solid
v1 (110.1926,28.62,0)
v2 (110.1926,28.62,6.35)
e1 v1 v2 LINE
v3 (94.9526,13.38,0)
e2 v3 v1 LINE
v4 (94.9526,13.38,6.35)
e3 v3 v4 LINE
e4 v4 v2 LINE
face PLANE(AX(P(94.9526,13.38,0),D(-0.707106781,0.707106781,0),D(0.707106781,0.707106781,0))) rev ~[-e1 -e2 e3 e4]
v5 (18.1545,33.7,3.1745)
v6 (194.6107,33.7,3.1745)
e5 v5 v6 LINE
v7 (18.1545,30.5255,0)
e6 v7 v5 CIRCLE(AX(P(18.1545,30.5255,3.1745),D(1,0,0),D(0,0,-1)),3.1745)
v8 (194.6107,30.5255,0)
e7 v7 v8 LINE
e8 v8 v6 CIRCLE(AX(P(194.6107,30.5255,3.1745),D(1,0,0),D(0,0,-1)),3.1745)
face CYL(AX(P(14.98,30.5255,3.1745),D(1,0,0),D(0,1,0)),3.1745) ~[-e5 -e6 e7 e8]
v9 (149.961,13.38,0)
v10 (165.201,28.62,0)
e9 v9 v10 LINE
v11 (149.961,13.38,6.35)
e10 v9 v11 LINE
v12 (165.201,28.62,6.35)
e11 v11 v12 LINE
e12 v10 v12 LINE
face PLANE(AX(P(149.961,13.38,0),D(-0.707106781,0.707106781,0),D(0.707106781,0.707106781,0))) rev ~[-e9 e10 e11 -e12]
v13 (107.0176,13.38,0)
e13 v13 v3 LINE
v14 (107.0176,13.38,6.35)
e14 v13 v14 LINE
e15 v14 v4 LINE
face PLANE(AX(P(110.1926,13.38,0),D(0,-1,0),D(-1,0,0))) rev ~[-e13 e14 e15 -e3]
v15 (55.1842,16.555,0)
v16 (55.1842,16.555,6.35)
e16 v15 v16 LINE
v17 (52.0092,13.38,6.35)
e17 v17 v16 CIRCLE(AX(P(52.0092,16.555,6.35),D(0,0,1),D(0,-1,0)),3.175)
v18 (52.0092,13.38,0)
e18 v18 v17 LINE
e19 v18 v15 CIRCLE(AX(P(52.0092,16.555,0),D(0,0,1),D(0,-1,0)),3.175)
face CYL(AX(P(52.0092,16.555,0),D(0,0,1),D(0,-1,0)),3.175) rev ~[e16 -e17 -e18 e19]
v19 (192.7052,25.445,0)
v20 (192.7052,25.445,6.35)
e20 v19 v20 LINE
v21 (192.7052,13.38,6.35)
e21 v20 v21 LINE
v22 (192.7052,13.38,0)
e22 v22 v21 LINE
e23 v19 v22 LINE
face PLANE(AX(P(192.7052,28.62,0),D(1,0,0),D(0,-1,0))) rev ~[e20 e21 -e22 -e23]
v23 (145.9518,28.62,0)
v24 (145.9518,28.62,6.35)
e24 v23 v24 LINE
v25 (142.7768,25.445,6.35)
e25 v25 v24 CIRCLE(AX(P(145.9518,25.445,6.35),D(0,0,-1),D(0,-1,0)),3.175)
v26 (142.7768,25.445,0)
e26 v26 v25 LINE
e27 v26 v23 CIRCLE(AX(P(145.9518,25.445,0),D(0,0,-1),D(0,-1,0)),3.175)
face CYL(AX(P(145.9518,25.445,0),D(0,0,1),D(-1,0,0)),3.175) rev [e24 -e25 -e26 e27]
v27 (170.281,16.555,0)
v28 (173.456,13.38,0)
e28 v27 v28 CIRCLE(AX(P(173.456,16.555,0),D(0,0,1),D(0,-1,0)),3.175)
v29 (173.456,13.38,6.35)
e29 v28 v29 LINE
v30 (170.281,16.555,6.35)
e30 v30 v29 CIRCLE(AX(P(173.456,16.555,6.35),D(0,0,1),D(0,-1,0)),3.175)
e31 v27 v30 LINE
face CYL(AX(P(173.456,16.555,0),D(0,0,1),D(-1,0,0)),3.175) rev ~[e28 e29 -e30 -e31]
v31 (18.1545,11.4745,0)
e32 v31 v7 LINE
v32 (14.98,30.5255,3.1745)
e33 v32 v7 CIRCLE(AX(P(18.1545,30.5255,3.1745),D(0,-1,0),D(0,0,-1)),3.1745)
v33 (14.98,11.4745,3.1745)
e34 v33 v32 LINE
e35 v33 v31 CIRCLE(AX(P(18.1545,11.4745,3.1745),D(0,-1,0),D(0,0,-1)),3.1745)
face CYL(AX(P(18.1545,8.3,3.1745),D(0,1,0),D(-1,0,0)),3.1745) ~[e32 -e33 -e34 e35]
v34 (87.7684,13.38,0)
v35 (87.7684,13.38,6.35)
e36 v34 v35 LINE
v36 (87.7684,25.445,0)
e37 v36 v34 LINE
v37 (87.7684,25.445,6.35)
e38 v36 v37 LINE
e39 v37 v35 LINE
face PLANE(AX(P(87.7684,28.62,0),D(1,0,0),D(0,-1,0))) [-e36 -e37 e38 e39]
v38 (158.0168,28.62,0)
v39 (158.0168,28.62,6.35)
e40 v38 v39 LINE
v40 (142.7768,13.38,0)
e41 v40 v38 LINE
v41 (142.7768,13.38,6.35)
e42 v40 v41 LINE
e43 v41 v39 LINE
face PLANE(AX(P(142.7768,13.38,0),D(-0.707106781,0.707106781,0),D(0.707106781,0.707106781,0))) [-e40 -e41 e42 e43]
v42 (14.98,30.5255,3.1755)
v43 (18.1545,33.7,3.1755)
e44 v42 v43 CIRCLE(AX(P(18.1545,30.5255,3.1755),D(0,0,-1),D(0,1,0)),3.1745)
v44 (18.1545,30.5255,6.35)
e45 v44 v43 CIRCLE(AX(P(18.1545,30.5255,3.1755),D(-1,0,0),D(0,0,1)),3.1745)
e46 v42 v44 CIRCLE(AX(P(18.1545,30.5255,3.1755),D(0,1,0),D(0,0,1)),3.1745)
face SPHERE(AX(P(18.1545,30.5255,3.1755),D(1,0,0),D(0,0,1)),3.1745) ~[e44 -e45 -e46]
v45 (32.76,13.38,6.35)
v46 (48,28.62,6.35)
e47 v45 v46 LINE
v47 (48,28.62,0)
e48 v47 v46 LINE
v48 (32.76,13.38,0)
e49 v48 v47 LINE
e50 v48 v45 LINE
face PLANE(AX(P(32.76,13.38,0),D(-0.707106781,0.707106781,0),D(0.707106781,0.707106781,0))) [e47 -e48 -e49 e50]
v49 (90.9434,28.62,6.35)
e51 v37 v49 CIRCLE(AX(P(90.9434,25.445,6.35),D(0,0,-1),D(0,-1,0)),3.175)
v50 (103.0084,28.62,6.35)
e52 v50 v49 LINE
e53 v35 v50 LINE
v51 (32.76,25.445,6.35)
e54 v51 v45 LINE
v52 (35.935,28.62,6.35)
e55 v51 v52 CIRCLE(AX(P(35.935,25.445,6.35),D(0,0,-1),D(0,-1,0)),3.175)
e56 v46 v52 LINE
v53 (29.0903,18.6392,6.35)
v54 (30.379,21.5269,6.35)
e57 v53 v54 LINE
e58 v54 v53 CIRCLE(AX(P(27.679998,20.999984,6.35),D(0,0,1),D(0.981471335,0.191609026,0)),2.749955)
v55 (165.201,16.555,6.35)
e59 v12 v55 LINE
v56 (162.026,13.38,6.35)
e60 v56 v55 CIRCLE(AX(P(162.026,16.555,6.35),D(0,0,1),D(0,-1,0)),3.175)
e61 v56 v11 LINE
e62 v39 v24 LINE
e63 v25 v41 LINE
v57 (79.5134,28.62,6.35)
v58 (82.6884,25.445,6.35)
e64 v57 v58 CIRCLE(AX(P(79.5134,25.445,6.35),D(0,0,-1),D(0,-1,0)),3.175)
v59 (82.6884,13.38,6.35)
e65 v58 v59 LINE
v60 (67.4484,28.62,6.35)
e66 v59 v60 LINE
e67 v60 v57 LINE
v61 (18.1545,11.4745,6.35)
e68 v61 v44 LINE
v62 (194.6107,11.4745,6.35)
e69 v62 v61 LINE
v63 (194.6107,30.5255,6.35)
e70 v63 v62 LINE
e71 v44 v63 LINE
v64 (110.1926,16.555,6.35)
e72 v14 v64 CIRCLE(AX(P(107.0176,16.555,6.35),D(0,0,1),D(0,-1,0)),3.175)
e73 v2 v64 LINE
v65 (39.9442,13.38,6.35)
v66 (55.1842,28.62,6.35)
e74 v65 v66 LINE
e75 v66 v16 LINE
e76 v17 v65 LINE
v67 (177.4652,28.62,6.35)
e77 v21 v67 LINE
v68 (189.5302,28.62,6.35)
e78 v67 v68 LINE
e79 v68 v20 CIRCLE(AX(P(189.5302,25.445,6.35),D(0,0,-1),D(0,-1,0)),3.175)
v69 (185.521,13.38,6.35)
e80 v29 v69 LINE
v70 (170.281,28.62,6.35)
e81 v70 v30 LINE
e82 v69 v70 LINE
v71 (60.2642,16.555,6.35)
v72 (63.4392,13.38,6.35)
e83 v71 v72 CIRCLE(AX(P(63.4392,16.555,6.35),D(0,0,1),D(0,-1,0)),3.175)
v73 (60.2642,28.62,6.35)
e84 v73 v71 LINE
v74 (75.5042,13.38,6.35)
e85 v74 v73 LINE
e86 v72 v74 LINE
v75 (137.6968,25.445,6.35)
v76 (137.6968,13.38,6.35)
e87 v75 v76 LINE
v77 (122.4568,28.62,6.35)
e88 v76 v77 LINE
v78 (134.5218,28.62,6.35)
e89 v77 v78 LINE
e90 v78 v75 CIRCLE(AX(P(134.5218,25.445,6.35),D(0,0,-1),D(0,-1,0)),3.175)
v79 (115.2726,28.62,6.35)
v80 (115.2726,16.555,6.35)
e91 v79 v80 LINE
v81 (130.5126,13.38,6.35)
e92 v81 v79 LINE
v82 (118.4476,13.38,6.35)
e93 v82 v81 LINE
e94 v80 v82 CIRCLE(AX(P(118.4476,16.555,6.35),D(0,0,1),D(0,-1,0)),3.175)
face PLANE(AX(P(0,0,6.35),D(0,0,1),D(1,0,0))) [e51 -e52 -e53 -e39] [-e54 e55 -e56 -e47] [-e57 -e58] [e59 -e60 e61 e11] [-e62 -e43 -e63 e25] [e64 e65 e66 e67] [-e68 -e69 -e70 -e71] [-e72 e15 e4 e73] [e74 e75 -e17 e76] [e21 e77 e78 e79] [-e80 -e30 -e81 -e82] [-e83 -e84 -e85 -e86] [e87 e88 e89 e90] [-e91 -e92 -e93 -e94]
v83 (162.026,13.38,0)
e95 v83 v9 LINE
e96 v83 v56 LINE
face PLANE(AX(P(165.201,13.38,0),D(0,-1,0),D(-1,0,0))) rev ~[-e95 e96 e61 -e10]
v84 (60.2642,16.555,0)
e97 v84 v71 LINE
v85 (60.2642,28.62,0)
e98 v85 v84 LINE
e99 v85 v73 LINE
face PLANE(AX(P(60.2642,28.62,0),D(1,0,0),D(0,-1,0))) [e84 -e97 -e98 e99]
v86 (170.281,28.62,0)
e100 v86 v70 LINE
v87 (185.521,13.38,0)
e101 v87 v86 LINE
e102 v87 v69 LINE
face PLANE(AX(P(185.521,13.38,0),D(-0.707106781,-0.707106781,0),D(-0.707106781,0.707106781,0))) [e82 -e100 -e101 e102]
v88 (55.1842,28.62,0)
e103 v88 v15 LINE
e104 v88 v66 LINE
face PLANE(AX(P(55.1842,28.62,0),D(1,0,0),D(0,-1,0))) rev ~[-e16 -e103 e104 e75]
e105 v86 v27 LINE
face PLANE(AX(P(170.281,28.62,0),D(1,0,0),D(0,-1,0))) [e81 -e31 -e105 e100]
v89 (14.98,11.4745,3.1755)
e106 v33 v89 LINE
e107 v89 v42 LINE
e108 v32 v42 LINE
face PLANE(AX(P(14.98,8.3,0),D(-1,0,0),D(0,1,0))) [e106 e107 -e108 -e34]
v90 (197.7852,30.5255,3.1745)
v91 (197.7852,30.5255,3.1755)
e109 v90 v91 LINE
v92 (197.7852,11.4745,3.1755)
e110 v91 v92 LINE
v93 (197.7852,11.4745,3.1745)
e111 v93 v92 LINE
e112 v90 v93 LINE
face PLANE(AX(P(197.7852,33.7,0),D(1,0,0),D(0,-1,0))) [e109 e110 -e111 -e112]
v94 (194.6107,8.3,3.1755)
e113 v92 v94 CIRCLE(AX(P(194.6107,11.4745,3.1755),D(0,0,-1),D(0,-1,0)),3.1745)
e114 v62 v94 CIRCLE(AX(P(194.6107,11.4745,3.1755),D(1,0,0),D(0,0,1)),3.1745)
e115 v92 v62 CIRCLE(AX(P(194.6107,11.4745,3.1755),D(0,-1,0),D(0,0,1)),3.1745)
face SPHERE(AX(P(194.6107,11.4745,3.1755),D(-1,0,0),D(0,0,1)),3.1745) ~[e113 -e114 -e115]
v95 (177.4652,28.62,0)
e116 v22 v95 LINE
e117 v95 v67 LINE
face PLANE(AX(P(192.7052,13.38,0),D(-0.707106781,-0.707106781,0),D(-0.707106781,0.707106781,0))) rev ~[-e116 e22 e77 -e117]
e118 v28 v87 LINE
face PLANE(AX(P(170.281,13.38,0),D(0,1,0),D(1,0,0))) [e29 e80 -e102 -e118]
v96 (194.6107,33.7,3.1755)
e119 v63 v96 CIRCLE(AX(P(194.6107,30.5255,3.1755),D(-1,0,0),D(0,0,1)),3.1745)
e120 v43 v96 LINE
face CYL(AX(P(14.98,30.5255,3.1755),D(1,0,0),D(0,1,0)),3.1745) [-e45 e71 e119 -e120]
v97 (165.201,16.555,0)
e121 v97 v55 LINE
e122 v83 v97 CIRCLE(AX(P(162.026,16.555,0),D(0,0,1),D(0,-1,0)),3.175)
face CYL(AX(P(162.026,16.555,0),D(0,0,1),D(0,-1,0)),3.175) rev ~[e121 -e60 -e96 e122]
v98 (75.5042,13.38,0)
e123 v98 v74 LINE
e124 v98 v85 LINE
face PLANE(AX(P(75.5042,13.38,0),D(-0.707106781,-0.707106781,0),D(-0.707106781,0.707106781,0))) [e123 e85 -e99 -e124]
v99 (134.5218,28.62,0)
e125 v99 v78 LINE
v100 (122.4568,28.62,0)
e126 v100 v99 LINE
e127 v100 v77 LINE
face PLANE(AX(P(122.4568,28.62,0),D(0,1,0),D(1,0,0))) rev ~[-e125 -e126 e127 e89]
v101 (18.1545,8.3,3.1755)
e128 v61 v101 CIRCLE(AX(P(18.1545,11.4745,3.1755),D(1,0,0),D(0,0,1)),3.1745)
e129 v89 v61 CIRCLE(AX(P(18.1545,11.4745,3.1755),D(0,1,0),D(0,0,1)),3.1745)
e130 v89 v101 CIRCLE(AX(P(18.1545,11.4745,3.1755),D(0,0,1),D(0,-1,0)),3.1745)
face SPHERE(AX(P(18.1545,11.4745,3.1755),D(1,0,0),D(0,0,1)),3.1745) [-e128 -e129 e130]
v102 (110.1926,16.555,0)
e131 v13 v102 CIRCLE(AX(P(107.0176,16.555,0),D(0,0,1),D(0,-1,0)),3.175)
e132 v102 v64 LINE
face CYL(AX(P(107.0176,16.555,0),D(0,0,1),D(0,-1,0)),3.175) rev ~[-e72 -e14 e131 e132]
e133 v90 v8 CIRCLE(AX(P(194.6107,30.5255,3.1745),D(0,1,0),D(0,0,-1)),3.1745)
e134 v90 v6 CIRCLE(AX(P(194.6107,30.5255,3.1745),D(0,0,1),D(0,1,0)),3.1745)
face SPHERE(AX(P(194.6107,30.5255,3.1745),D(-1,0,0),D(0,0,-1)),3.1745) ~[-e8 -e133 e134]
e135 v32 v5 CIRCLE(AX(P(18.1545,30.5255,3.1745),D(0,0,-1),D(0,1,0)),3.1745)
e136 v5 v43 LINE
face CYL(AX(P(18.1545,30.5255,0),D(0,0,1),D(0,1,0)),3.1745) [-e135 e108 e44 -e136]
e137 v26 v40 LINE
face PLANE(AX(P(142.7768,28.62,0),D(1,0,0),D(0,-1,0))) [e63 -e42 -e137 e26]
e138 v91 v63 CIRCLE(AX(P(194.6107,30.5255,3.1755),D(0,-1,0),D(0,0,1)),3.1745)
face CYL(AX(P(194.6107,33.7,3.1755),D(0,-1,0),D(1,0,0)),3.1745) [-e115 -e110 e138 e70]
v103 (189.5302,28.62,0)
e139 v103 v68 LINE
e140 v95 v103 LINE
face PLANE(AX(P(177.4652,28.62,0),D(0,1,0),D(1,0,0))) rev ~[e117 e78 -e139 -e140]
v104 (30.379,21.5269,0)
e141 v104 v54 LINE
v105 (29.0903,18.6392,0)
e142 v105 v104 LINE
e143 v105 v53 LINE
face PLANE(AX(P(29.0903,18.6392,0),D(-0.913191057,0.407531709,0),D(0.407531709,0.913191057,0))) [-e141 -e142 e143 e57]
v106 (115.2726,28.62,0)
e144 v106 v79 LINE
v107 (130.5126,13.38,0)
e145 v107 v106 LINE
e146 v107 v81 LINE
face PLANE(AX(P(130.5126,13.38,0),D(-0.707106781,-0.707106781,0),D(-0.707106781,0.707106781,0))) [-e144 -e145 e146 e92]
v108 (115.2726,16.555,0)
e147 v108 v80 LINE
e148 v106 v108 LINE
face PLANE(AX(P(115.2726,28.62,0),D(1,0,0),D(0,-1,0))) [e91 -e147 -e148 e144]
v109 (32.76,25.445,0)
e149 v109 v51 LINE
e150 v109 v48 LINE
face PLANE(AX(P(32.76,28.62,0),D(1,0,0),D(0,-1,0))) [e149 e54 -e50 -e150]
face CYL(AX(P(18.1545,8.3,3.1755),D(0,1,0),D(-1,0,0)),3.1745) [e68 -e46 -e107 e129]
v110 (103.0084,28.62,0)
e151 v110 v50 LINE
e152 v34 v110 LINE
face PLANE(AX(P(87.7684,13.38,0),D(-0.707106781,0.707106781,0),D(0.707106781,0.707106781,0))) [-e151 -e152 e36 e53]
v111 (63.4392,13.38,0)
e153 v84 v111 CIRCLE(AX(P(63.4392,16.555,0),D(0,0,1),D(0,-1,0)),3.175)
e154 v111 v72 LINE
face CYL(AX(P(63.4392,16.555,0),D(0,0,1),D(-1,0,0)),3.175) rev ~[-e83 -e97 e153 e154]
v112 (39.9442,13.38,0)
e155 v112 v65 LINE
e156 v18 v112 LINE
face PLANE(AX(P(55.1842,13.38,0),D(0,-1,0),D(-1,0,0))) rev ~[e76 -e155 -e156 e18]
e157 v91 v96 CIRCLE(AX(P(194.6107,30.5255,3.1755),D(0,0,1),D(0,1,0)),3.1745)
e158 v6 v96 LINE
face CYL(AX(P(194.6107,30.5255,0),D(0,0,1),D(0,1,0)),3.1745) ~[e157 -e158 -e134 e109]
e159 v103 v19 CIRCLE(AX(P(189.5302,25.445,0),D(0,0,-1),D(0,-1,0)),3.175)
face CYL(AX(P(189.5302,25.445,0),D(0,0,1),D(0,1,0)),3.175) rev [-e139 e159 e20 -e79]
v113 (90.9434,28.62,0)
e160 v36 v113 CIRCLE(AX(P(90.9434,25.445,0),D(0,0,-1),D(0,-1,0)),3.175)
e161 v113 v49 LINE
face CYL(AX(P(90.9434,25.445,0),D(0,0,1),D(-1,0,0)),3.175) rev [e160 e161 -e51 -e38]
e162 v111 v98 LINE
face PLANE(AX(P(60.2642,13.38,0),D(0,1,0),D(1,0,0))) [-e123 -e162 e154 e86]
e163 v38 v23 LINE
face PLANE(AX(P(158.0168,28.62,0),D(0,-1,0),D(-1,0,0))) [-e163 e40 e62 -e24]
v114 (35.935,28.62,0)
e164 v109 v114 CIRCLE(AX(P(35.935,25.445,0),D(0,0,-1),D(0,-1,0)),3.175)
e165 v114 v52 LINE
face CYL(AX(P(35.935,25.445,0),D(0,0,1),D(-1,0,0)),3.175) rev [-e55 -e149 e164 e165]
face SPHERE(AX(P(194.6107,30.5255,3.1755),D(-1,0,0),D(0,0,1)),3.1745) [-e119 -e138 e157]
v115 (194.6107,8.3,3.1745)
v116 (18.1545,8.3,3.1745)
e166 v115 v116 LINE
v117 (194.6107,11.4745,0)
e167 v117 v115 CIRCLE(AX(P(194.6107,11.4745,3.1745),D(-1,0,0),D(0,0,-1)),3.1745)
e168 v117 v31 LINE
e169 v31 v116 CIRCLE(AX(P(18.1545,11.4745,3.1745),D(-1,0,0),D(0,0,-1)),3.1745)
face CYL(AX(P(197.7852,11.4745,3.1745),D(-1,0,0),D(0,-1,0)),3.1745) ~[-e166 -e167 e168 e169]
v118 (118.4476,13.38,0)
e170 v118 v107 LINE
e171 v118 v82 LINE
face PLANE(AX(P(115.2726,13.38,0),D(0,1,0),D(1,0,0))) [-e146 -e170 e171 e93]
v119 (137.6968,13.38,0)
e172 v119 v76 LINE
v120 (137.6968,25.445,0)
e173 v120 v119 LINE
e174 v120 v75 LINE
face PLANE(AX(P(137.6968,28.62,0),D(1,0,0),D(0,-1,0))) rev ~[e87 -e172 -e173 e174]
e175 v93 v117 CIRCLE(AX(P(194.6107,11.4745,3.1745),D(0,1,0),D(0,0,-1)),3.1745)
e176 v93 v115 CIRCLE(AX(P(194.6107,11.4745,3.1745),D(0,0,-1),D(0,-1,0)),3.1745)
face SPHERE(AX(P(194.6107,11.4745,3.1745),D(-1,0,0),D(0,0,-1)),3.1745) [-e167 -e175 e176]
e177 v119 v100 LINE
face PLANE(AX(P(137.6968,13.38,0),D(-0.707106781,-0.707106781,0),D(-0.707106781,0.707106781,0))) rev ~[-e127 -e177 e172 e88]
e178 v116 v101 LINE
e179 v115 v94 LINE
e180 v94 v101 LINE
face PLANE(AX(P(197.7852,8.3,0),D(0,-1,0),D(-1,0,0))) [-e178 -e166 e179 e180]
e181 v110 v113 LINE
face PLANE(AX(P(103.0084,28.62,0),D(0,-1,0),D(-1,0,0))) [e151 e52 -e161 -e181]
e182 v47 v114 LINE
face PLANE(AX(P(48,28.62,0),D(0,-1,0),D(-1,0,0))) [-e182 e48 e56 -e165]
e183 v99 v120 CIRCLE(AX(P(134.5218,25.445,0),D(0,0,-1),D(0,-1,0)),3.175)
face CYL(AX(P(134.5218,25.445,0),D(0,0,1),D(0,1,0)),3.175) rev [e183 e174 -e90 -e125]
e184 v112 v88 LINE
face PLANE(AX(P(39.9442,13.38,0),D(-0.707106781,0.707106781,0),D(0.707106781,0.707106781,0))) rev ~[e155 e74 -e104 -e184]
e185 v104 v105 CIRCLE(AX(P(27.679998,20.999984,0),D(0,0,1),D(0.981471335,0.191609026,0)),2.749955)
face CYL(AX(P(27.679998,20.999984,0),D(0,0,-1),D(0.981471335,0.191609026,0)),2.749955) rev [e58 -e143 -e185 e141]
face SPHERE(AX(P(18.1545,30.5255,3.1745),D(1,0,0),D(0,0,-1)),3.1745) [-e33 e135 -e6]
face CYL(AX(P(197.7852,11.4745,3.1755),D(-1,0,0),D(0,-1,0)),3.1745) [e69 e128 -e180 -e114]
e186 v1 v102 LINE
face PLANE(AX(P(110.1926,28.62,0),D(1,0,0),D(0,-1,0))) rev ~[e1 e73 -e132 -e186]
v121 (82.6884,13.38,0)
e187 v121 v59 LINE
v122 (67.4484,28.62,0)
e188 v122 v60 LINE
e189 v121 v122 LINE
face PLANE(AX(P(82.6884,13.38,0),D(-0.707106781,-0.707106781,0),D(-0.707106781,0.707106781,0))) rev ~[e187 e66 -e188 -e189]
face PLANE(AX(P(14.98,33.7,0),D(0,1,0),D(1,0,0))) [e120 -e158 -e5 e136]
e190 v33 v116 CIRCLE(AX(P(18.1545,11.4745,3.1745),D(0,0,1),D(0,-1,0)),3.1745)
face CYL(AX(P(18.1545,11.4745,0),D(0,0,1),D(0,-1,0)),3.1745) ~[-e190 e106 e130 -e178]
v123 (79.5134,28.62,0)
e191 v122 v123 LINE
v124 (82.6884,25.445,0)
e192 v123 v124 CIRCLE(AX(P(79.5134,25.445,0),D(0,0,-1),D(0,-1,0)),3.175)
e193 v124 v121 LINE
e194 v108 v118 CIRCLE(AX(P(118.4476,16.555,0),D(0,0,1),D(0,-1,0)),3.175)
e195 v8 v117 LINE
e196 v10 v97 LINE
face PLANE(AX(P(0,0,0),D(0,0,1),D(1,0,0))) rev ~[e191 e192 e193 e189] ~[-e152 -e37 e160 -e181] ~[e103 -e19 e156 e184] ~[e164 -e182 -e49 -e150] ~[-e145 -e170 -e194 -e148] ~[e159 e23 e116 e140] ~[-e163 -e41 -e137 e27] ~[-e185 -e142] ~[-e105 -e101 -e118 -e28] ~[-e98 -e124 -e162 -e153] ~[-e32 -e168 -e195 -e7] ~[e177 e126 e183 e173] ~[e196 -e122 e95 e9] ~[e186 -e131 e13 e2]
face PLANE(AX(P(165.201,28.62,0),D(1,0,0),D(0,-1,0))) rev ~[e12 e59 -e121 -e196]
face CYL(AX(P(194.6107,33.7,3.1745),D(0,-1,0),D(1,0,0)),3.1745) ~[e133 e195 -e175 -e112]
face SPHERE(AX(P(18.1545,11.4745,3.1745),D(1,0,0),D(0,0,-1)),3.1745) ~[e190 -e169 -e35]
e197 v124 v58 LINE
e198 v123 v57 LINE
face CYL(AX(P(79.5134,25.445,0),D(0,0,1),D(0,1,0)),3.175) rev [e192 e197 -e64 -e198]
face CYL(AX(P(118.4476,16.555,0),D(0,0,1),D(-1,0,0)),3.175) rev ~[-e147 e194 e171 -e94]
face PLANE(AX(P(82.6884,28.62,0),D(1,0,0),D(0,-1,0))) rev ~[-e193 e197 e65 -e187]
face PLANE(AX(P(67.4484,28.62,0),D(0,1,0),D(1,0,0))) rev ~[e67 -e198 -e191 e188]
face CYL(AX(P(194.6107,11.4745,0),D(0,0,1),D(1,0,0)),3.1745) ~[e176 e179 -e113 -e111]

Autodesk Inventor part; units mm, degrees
ref_plane "YZ Plane" through (0, 0, 0) normal (1, 0, 0) x (0, 1, 0)
ref_plane "XZ Plane" through (0, 0, 0) normal (0, 1, 0) x (-1, 0, 0)
ref_plane "XY Plane" through (0, 0, 0) normal (0, 0, 1) x (1, 0, 0)
sketch "Sketch1" plane through (0, 0, 0) normal (0, 0, 1) x (1, 0, 0)
  line L0 (14.98, 33.7) -> (197.7852, 33.7)
  line L1 (197.7852, 8.3) -> (14.98, 8.3)
  line L2 (14.98, 8.3) -> (14.98, 33.7)
  arc A0 (30.1177, 21.5547) -> (28.8951, 18.8151) centre (27.68, 21) ccw construction
  line L3 (30.1177, 21.5547) -> (28.8951, 18.8151) construction
  line L4 (-3.175, 42) -> (-122.9515, 42) projected
  line L5 (137.6968, 28.62) -> (137.6968, 13.38)
  line L6 (137.6968, 13.38) -> (122.4568, 28.62)
  line L7 (122.4568, 28.62) -> (137.6968, 28.62)
  line L8 (130.5126, 13.38) -> (115.2726, 28.62)
  line L9 (115.2726, 28.62) -> (115.2726, 13.38)
  line L10 (115.2726, 13.38) -> (130.5126, 13.38)
  line L11 (112.7326, 10.7487) -> (112.7326, 41.4812) construction
  line L12 (87.7684, 28.62) -> (87.7684, 13.38)
  line L13 (87.7684, 13.38) -> (103.0084, 28.62)
  line L14 (103.0084, 28.62) -> (87.7684, 28.62)
  line L15 (94.9526, 13.38) -> (110.1926, 28.62)
  line L16 (110.1926, 28.62) -> (110.1926, 13.38)
  line L17 (110.1926, 13.38) -> (94.9526, 13.38)
  line L18 (85.2284, 8.9371) -> (85.2284, 32.7241) construction
  line L19 (32.76, 28.62) -> (32.76, 13.38)
  line L20 (32.76, 13.38) -> (48, 28.62)
  line L21 (48, 28.62) -> (32.76, 28.62)
  line L22 (39.9442, 13.38) -> (55.1842, 28.62)
  line L23 (55.1842, 28.62) -> (55.1842, 13.38)
  line L24 (55.1842, 13.38) -> (39.9442, 13.38)
  line L25 (82.6884, 28.62) -> (82.6884, 13.38)
  line L26 (82.6884, 13.38) -> (67.4484, 28.62)
  line L27 (67.4484, 28.62) -> (82.6884, 28.62)
  line L28 (75.5042, 13.38) -> (60.2642, 28.62)
  line L29 (60.2642, 13.38) -> (75.5042, 13.38)
  line L30 (60.2642, 28.62) -> (60.2642, 13.38)
  line L31 (140.2368, 33.7) -> (140.2368, 8.3) construction
  line L32 (142.7768, 28.62) -> (142.7768, 13.38)
  line L33 (142.7768, 13.38) -> (158.0168, 28.62)
  line L34 (158.0168, 28.62) -> (142.7768, 28.62)
  line L35 (149.961, 13.38) -> (165.201, 28.62)
  line L36 (165.201, 28.62) -> (165.201, 13.38)
  line L37 (165.201, 13.38) -> (149.961, 13.38)
  line L38 (192.7052, 28.62) -> (192.7052, 13.38)
  line L39 (192.7052, 13.38) -> (177.4652, 28.62)
  line L40 (177.4652, 28.62) -> (192.7052, 28.62)
  line L41 (185.521, 13.38) -> (170.281, 28.62)
  line L42 (170.281, 13.38) -> (185.521, 13.38)
  line L43 (170.281, 28.62) -> (170.281, 13.38)
  line L44 (197.7852, 33.7) -> (197.7852, 8.3)
  arc A1 (30.379, 21.5269) -> (29.0903, 18.6392) centre (27.68, 21) ccw
  line L45 (29.0903, 18.6392) -> (30.379, 21.5269)
  point P0 (0, 0)
  dimension "d0" = 12.7
  dimension "d1" = 12.7
  dimension "d2" = 12.7
  dimension "d7" = 45
  dimension "d9" = 5.08
  dimension "d10" = 5.08
  dimension "d11" = 5.08
  dimension "d12" = 0
  dimension "d14" = 2.54
  dimension "d15" = 2.54
  dimension "d16" = 5.08
  dimension "d23" = 2.54
  dimension "d24" = 5.08
  dimension "d29" = 5.5
  dimension "d30" = 2.5
  dimension "d31" = 0.25
extrude "Extrusion4" add sketch "Sketch1" along normal blind 6.35
fillet "Fillet7" radius 3.175 12 edges at (106.3826, 8.3, 6.35) (106.3826, 8.3, 0) (106.3826, 33.7, 0) (106.3826, 33.7, 6.35) (197.7852, 21, 6.35) (197.7852, 21, 0) (197.7852, 33.7, 3.175) (197.7852, 8.3, 3.175) (14.98, 21, 6.35) (14.98, 21, 0) (14.98, 8.3, 3.175) (14.98, 33.7, 3.175)
fillet "Fillet8" radius 3.175 12 edges at (55.1842, 13.38, 3.175) (60.2642, 13.38, 3.175) (32.76, 28.62, 3.175) (82.6884, 28.62, 3.175) (87.7684, 28.62, 3.175) (110.1926, 13.38, 3.175) (115.2726, 13.38, 3.175) (137.6968, 28.62, 3.175) (142.7768, 28.62, 3.175) (165.201, 13.38, 3.175) (170.281, 13.38, 3.175) (192.7052, 28.62, 3.175)
equation "\"d1\" = d0"
equation "\"d24\" = d9"
properties part number "endarm"
